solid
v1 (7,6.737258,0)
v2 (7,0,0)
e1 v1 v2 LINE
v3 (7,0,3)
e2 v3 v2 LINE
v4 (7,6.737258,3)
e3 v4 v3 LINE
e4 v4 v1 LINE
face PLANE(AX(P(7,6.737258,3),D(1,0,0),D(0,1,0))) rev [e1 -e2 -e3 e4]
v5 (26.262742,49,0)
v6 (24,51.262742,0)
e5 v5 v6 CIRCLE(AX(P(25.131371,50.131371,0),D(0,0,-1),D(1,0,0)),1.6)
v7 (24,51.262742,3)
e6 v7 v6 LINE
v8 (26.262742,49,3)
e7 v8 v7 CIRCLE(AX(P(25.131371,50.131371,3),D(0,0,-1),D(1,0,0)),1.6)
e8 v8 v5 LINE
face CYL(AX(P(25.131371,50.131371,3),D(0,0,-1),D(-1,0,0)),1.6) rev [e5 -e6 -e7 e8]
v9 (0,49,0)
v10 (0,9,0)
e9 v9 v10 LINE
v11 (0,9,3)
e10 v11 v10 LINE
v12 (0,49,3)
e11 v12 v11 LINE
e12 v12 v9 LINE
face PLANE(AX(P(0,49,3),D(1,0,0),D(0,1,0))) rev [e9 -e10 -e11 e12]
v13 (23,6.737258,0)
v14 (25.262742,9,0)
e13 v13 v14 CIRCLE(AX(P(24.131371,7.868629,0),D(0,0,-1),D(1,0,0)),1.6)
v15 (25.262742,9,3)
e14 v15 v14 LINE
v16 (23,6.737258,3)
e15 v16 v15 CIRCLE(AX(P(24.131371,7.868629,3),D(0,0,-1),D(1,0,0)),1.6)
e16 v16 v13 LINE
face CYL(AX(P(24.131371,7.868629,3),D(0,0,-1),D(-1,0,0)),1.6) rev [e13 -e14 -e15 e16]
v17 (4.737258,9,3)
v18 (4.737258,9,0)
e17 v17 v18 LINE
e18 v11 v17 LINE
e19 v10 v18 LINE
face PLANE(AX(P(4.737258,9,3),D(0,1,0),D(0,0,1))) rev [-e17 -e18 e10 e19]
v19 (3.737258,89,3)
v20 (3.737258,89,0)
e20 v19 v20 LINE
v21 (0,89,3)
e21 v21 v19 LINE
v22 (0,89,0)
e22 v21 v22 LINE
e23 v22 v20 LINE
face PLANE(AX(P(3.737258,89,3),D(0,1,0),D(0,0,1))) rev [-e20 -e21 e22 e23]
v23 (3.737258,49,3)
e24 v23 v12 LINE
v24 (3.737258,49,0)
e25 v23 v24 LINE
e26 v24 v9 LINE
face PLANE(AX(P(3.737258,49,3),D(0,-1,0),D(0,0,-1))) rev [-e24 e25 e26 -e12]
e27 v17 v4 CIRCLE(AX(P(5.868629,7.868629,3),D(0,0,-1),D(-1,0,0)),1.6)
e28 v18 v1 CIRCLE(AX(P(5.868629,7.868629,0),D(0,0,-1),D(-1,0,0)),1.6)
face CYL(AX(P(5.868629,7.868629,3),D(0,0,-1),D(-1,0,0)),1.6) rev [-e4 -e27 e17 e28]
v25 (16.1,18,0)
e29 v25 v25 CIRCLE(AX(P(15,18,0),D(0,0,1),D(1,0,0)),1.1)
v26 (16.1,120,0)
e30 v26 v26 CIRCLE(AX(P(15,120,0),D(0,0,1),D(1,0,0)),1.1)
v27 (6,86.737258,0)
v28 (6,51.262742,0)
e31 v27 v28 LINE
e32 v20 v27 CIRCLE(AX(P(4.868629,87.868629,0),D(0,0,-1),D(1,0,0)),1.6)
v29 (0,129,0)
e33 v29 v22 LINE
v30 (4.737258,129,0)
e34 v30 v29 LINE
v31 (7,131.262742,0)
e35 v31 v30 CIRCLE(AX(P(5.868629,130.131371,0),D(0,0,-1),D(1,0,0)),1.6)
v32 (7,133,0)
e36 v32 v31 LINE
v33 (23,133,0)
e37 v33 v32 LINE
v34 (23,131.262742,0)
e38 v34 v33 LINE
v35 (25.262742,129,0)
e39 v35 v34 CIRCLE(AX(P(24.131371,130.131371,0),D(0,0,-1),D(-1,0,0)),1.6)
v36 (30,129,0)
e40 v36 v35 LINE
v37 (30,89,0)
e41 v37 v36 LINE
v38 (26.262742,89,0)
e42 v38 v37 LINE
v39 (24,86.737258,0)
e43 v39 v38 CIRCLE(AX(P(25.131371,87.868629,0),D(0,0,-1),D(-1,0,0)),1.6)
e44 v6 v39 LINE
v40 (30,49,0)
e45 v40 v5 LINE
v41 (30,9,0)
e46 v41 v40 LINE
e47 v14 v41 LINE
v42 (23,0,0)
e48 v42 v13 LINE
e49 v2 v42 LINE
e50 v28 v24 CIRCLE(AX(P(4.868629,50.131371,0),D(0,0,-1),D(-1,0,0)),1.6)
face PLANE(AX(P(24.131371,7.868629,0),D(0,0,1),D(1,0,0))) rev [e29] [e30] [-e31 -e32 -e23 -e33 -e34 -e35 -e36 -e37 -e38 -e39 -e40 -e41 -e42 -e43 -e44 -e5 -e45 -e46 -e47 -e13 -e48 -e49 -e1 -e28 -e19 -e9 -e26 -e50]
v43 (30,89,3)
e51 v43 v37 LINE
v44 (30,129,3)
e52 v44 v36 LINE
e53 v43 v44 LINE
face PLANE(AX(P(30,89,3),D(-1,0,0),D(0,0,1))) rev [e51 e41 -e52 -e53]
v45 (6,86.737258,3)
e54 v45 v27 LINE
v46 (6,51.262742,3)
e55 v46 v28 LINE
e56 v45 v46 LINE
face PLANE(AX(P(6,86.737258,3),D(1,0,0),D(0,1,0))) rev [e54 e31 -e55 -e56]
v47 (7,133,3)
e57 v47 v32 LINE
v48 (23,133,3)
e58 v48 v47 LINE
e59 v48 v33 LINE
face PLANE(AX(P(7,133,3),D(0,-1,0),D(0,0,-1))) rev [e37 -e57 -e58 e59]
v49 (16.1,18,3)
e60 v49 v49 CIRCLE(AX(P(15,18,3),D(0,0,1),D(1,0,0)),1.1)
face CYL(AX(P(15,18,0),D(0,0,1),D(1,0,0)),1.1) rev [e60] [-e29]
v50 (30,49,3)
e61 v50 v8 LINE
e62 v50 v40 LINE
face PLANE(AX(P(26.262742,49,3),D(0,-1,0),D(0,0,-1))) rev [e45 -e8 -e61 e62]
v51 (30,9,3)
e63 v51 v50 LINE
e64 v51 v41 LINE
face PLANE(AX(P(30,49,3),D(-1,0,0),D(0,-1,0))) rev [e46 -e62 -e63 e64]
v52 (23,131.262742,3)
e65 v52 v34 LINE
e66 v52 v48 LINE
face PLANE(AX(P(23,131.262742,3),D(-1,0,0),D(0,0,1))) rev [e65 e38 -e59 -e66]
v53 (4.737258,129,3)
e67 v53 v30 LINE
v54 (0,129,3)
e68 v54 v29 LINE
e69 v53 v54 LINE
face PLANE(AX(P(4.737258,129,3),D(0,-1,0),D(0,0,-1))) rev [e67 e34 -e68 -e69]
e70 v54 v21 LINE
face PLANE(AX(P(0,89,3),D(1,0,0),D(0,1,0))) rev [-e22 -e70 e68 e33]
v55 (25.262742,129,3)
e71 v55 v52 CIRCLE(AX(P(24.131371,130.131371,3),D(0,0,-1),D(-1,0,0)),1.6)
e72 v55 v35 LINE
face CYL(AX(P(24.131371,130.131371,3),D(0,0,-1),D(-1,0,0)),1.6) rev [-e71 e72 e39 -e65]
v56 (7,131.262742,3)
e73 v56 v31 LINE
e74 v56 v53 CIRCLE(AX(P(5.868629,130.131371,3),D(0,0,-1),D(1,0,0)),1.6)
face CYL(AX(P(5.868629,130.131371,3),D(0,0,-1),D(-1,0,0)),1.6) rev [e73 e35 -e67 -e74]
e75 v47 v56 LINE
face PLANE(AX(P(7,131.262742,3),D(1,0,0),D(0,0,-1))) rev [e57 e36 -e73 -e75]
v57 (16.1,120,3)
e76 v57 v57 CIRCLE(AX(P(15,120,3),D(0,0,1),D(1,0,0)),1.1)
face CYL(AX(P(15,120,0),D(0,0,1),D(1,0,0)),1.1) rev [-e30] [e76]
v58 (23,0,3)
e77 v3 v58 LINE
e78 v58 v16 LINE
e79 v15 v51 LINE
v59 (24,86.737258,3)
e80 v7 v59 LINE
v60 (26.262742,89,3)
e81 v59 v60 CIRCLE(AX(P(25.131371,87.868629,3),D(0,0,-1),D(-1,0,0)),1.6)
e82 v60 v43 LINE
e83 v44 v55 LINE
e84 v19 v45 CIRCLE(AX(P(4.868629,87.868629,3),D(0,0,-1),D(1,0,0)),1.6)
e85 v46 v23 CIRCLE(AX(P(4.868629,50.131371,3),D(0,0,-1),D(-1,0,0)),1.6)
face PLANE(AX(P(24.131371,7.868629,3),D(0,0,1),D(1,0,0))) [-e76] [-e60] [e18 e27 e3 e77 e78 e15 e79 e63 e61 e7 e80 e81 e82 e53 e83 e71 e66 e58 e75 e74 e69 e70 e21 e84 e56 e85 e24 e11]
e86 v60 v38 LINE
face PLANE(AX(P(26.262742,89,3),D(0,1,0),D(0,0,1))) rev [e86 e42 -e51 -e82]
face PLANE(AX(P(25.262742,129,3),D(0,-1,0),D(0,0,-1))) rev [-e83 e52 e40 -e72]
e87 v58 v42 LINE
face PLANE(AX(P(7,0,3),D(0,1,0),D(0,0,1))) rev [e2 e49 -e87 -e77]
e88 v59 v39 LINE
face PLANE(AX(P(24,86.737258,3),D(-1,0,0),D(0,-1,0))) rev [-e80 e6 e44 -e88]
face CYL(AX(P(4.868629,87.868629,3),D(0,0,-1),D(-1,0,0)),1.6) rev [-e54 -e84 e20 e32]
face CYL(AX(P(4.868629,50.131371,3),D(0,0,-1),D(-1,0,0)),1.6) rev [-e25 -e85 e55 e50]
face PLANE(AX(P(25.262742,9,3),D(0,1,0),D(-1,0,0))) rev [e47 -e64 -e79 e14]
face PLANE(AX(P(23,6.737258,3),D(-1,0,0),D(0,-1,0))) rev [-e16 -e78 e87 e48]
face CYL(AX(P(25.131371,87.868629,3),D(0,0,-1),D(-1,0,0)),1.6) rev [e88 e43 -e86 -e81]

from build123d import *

# Parameters (mm, degrees)
EXTRUSION1_DEPTH        = 3
ESQUISSE2_R             = 1.1
ENL_V_MAT_EXTRU_1_DEPTH = 4


with BuildPart() as part:
    # Esquisse1 → Extrusion1 (new body)
    with BuildSketch(Plane.XY):
        with BuildLine():
            Line((25.2627417, 9), (30, 9))
            Line((30, 9), (30, 49))
            Line((30, 49), (26.2627417, 49))
            ThreePointArc((26.2627417, 49), (24, 49), (24, 51.2627417))
            Line((24, 51.2627417), (24, 86.7372583))
            ThreePointArc((24, 86.7372583), (24, 89), (26.2627417, 89))
            Line((26.2627417, 89), (30, 89))
            Line((30, 89), (30, 129))
            Line((30, 129), (25.2627417, 129))
            ThreePointArc((25.2627417, 129), (23, 129), (23, 131.2627417))
            Line((23, 131.2627417), (23, 133))
            Line((23, 133), (7, 133))
            Line((7, 133), (7, 131.2627417))
            ThreePointArc((7, 131.2627417), (7, 129), (4.7372583, 129))
            Line((4.7372583, 129), (0, 129))
            Line((0, 129), (0, 89))
            Line((0, 89), (3.7372583, 89))
            ThreePointArc((3.7372583, 89), (6, 89), (6, 86.7372583))
            Line((6, 86.7372583), (6, 51.2627417))
            ThreePointArc((6, 51.2627417), (6, 49), (3.7372583, 49))
            Line((3.7372583, 49), (0, 49))
            Line((0, 49), (0, 9))
            Line((0, 9), (4.7372583, 9))
            ThreePointArc((4.7372583, 9), (7, 9), (7, 6.7372583))
            Line((7, 6.7372583), (7, 0))
            Line((7, 0), (23, 0))
            Line((23, 0), (23, 6.7372583))
            ThreePointArc((23, 6.7372583), (23, 9), (25.2627417, 9))
        make_face()
    extrude(amount=EXTRUSION1_DEPTH)

    # Esquisse2 → Enlèv. mat.-Extru.1 (cut, through all)
    with BuildSketch(Plane.XY.offset(3)):
        with Locations((15, 18)):
            Circle(ESQUISSE2_R)
        with Locations((15, 120)):
            Circle(ESQUISSE2_R)
    extrude(amount=-ENL_V_MAT_EXTRU_1_DEPTH, mode=Mode.SUBTRACT)


solid = part.part
